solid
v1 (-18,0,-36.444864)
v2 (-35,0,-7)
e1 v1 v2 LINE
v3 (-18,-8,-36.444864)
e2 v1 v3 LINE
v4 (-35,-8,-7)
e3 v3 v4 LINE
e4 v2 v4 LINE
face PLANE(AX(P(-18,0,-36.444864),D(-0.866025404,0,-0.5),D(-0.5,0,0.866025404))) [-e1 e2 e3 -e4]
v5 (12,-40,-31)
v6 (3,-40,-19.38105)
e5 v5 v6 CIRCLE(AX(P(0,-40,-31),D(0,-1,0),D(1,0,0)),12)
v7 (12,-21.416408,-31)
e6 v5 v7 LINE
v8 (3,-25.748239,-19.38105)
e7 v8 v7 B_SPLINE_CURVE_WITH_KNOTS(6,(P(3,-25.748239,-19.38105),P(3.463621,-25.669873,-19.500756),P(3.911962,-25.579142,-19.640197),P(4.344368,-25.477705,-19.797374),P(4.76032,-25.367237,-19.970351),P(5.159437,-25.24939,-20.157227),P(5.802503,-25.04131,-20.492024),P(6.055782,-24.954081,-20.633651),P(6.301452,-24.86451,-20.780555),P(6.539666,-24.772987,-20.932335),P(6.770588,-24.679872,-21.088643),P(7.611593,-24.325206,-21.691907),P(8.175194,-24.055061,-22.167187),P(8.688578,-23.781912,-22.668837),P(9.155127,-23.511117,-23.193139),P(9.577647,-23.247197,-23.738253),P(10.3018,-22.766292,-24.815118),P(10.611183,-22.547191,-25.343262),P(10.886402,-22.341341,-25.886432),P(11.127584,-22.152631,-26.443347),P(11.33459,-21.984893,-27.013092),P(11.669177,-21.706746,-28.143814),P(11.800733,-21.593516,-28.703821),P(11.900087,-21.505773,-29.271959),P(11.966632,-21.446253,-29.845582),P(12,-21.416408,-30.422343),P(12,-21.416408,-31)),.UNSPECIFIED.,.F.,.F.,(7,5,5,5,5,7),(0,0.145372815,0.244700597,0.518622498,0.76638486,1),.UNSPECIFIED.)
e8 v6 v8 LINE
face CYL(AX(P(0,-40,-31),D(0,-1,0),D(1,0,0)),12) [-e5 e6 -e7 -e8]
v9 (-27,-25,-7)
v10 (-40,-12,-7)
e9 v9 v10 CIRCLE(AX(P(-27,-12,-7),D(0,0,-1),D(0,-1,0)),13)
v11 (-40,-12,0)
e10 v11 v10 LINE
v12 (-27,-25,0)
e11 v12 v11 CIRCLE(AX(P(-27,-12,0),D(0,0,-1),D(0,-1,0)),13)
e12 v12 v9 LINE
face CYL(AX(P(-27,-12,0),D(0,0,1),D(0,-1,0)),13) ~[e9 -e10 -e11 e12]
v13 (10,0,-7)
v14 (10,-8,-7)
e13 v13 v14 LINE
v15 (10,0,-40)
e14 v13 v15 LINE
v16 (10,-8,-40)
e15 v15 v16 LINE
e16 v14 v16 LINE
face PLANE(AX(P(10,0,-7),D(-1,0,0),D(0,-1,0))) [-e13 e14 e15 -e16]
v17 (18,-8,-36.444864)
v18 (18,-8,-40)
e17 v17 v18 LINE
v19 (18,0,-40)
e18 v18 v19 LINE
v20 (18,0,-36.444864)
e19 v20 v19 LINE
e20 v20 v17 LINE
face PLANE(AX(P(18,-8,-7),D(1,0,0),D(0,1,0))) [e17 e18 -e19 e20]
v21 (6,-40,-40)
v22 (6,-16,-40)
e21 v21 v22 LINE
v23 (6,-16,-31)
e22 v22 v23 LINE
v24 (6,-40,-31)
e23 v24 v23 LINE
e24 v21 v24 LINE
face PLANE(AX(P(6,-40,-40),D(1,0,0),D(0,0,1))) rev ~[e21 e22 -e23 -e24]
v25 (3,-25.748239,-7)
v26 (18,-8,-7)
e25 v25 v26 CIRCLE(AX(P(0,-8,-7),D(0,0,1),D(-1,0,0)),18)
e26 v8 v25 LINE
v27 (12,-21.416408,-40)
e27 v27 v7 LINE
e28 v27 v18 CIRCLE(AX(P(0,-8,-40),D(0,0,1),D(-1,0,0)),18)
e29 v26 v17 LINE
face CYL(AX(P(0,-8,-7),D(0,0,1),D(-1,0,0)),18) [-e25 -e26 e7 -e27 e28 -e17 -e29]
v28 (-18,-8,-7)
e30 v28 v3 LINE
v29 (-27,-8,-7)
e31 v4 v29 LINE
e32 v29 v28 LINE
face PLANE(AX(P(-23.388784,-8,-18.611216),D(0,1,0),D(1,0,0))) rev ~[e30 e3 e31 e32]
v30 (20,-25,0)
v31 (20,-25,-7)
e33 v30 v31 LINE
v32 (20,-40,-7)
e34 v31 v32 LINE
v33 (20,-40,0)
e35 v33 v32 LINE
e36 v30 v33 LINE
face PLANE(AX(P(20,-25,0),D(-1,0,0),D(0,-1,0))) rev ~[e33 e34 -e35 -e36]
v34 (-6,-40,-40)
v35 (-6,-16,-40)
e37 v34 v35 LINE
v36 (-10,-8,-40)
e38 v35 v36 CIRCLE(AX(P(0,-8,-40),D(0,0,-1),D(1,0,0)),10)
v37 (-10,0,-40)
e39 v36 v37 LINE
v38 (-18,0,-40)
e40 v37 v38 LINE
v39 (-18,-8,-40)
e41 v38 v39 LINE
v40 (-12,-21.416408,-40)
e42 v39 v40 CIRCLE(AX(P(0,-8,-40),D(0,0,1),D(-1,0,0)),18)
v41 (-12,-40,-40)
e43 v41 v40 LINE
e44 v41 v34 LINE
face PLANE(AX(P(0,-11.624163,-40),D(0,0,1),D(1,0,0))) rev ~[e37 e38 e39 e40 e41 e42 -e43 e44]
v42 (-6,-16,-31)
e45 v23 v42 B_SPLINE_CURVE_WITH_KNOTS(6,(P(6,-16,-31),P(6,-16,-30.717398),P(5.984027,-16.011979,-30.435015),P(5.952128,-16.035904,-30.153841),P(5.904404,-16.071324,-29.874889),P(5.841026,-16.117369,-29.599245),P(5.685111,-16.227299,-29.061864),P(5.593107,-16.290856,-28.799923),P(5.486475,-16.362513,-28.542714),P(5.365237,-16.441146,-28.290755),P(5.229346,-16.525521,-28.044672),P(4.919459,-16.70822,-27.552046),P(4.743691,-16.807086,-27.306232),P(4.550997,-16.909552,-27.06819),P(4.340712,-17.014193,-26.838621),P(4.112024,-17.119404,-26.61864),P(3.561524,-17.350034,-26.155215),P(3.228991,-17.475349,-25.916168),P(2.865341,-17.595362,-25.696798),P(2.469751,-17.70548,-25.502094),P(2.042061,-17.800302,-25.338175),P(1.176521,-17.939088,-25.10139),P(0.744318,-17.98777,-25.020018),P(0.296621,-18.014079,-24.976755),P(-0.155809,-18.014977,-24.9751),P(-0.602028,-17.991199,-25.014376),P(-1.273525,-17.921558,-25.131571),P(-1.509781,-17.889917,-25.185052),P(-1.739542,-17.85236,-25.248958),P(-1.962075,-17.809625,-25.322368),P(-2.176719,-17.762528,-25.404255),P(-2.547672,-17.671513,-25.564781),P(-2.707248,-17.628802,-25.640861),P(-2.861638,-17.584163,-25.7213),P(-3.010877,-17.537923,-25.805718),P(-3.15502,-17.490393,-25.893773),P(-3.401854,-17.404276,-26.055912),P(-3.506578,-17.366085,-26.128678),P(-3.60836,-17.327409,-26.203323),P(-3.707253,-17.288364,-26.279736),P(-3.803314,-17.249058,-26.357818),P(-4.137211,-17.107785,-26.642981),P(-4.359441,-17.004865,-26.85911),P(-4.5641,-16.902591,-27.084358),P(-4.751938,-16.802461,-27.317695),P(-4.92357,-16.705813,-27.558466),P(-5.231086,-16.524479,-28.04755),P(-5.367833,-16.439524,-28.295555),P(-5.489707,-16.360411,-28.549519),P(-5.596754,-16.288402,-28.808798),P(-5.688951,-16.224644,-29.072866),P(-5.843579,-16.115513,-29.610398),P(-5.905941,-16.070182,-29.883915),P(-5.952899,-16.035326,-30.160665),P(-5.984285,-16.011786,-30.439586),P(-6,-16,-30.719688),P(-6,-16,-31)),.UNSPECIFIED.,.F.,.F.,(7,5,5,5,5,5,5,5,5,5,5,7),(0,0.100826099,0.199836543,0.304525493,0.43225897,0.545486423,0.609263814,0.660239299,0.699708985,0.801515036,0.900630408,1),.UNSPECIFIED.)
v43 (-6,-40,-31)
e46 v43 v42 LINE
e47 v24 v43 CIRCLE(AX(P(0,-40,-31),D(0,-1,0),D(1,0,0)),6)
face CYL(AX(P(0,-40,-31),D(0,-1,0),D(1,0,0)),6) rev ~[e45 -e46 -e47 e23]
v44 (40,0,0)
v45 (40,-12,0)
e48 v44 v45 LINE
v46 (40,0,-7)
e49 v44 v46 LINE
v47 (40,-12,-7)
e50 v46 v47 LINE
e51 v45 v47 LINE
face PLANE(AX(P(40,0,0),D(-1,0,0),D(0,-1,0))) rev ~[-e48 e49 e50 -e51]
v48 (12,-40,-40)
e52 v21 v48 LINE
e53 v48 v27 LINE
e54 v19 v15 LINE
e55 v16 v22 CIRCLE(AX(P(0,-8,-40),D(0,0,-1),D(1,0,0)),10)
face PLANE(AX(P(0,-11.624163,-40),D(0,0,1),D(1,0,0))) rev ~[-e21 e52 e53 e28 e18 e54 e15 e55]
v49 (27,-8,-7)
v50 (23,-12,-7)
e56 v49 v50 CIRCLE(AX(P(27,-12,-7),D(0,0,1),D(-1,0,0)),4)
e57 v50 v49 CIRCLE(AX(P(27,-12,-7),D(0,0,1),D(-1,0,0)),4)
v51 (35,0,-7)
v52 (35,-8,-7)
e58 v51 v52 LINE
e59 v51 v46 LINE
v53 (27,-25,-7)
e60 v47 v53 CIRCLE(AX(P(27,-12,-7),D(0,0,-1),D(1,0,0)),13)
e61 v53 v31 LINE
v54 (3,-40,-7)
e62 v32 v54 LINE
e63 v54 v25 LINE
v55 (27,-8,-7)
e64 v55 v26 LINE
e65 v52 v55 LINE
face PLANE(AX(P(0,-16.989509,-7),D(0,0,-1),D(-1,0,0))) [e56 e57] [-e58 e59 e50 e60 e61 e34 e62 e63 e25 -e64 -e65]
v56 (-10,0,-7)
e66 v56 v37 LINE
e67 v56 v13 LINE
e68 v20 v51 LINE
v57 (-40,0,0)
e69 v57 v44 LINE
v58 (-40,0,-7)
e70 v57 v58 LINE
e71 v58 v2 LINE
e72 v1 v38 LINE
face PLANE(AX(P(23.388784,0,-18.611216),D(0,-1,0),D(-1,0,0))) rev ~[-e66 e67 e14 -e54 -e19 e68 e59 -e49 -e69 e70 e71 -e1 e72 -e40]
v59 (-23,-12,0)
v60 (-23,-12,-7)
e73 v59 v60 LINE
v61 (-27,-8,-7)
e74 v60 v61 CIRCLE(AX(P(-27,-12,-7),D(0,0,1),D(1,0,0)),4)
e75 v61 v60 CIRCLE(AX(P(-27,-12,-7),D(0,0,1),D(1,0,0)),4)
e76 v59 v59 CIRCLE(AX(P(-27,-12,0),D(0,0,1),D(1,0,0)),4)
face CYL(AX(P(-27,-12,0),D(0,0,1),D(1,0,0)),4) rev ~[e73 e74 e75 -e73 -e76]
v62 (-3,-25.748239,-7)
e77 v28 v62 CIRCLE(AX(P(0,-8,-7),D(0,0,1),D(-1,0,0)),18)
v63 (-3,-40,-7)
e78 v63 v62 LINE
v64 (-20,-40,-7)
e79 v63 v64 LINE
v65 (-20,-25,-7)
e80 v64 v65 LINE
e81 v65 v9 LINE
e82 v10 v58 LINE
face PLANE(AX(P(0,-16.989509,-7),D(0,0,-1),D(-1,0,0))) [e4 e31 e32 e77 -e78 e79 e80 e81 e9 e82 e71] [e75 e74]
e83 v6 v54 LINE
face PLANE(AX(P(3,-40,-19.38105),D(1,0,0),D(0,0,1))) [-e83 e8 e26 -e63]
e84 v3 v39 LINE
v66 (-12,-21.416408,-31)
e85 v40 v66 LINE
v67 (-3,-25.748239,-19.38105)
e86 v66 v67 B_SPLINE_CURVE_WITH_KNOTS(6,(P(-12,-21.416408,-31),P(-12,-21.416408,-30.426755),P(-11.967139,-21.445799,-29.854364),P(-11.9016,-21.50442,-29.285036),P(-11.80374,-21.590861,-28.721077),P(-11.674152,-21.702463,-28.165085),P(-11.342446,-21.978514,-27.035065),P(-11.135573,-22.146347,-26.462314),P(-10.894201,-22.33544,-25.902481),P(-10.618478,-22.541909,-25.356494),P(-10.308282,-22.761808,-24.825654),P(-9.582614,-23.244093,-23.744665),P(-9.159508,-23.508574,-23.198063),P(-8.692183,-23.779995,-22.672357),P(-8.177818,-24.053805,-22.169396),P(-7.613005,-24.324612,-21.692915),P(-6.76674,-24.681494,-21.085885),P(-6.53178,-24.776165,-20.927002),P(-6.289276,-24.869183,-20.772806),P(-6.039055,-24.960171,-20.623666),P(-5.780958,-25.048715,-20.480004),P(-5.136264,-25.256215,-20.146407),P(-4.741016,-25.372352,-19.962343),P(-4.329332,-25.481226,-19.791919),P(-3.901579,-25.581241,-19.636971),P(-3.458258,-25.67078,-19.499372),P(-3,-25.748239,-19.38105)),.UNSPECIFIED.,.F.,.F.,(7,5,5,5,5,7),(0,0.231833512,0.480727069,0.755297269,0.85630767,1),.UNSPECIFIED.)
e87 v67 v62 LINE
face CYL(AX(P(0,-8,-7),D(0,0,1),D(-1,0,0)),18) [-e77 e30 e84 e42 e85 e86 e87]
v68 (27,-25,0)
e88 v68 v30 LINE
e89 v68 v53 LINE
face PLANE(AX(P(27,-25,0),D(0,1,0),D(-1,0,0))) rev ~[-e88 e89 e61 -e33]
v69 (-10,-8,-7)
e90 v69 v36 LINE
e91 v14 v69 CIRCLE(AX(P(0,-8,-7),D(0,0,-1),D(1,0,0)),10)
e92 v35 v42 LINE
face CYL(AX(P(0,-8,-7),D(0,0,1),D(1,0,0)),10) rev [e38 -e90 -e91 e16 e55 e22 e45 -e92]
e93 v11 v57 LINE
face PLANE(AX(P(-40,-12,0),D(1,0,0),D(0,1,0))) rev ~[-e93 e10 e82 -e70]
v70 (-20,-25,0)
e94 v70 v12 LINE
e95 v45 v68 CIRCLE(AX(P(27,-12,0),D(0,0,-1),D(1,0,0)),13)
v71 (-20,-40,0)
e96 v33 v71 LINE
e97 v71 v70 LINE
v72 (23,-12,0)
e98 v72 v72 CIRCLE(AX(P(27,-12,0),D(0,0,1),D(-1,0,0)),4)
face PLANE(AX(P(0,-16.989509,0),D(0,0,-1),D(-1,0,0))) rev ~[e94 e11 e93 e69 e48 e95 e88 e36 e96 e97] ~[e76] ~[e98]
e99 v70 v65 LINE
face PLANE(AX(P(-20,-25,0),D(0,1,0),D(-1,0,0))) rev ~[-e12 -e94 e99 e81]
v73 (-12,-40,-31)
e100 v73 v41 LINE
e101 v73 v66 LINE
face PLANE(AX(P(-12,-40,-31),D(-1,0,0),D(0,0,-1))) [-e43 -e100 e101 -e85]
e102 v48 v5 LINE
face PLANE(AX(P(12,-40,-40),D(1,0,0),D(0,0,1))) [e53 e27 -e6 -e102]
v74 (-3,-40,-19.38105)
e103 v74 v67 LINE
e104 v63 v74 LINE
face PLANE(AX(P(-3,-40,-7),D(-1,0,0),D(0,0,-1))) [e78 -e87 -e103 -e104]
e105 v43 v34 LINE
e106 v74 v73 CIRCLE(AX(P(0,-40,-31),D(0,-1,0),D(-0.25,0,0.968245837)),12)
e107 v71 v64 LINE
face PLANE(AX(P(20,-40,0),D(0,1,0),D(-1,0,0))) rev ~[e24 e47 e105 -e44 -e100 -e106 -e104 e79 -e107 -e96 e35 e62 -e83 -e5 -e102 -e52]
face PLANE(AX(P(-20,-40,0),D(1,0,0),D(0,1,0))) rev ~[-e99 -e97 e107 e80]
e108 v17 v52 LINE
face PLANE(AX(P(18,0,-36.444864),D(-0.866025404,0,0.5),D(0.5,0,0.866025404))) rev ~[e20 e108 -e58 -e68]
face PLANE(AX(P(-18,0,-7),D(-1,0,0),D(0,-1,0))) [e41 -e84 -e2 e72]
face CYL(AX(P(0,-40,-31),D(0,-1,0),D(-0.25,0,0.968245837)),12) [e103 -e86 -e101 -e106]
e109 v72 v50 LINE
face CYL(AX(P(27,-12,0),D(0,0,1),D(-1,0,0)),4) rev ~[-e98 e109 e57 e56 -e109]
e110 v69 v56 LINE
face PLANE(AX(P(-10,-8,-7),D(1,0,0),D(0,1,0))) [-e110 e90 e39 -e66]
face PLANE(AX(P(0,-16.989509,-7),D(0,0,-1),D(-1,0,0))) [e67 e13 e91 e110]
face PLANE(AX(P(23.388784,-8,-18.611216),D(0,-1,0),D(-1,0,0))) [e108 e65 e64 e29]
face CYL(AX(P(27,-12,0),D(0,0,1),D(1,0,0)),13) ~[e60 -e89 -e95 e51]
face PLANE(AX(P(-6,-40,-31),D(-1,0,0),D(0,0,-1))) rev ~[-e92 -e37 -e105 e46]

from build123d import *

# Parameters (mm, degrees)
SKETCH_1_R           = 4
EXTRUDE_1_DEPTH      = 7
EXTRUDE_2_DEPTH      = 33
EXTRUDE_3_DEPTH      = 8
EXTRUDE_4_REACH      = 71.282
EXTRUDE_4_END_RADIUS = 18
CUT_EXTRUDE_1_DEPTH  = 70.28203236


with BuildPart() as part:
    # 草图1 → 凸台-拉伸1 (new body)
    with BuildSketch(Plane.XY):
        with BuildLine():
            Line((-40, 0), (40, 0))
            Line((40, 0), (40, -12))
            ThreePointArc((40, -12), (36.192388155, -21.192388155), (27, -25))
            Line((27, -25), (20, -25))
            Line((20, -25), (20, -40))
            Line((20, -40), (-20, -40))
            Line((-20, -40), (-20, -25))
            Line((-20, -25), (-27, -25))
            ThreePointArc((-27, -25), (-36.192388155, -21.192388155), (-40, -12))
            Line((-40, -12), (-40, 0))
        make_face()
        with Locations((-27, -12)):
            Circle(SKETCH_1_R, mode=Mode.SUBTRACT)
        with Locations(Location((27, -12, 0), (0, 0, 180))):
            Circle(SKETCH_1_R, mode=Mode.SUBTRACT)
    extrude(amount=-EXTRUDE_1_DEPTH)

    # 草图2 → 凸台-拉伸2 (add)
    with BuildSketch(Plane(origin=(0, 0, -7), x_dir=(-1, 0, 0), z_dir=(0, 0, -1))):
        with BuildLine():
            Line((-10, 0), (-10, -8))
            ThreePointArc((-10, -8), (0, -18), (10, -8))
            Line((10, -8), (10, 0))
            Line((10, 0), (18, 0))
            Line((18, 0), (18, -8))
            ThreePointArc((18, -8), (0, -26), (-18, -8))
            Line((-18, -8), (-18, 0))
            Line((-18, 0), (-10, 0))
        make_face()
    extrude(amount=EXTRUDE_2_DEPTH)

    # 草图3 → 凸台-拉伸3 (add)
    with BuildSketch(Plane(origin=(0, 0, 0), x_dir=(1, 0, 0), z_dir=(0, 1, 0))):
        Polygon((18, 36.444863729), (35, 7), (18, 7), align=None)
        Polygon((-18, 36.444863729), (-35, 7), (-18, 7), align=None)
    extrude(amount=-EXTRUDE_3_DEPTH)

    # 凸台-拉伸4: up to this cylinder (the profile starts outside it)
    extrude_4_end = Plane(origin=(0, -8, -28.116235), z_dir=(0, 0, 1)) * Cylinder(EXTRUDE_4_END_RADIUS, 179.564, mode=Mode.PRIVATE)
    # 草图4 → 凸台-拉伸4 (add, up to the surface)
    with BuildSketch(Plane.XZ.offset(40), mode=Mode.PRIVATE) as extrude_4_sk1:
        with BuildLine():
            Line((12, -40), (12, -31))
            ThreePointArc((12, -31), (9.486832981, -23.651530772), (3, -19.381049961))
            Line((3, -19.381049961), (3, -7))
            Line((3, -7), (-3, -7))
            Line((-3, -7), (-3, -19.381049961))
            ThreePointArc((-3, -19.381049961), (-9.486832981, -23.651530772), (-12, -31))
            Line((-12, -31), (-12, -40))
            Line((-12, -40), (12, -40))
        make_face()
    extrude_4_tool1 = extrude(extrude_4_sk1.sketch, amount=-EXTRUDE_4_REACH, mode=Mode.PRIVATE) - extrude_4_end
    add(extrude_4_tool1.solids().sort_by_distance((0, -40, -28.116235))[0])

    # 草图5 → 切除-拉伸1 (cut, through all)
    with BuildSketch(Plane.XZ.offset(40)):
        with BuildLine():
            Line((6, -40), (6, -31))
            ThreePointArc((6, -31), (0, -25), (-6, -31))
            Line((-6, -31), (-6, -40))
            Line((-6, -40), (6, -40))
        make_face()
    extrude(amount=-CUT_EXTRUDE_1_DEPTH, mode=Mode.SUBTRACT)


solid = part.part
